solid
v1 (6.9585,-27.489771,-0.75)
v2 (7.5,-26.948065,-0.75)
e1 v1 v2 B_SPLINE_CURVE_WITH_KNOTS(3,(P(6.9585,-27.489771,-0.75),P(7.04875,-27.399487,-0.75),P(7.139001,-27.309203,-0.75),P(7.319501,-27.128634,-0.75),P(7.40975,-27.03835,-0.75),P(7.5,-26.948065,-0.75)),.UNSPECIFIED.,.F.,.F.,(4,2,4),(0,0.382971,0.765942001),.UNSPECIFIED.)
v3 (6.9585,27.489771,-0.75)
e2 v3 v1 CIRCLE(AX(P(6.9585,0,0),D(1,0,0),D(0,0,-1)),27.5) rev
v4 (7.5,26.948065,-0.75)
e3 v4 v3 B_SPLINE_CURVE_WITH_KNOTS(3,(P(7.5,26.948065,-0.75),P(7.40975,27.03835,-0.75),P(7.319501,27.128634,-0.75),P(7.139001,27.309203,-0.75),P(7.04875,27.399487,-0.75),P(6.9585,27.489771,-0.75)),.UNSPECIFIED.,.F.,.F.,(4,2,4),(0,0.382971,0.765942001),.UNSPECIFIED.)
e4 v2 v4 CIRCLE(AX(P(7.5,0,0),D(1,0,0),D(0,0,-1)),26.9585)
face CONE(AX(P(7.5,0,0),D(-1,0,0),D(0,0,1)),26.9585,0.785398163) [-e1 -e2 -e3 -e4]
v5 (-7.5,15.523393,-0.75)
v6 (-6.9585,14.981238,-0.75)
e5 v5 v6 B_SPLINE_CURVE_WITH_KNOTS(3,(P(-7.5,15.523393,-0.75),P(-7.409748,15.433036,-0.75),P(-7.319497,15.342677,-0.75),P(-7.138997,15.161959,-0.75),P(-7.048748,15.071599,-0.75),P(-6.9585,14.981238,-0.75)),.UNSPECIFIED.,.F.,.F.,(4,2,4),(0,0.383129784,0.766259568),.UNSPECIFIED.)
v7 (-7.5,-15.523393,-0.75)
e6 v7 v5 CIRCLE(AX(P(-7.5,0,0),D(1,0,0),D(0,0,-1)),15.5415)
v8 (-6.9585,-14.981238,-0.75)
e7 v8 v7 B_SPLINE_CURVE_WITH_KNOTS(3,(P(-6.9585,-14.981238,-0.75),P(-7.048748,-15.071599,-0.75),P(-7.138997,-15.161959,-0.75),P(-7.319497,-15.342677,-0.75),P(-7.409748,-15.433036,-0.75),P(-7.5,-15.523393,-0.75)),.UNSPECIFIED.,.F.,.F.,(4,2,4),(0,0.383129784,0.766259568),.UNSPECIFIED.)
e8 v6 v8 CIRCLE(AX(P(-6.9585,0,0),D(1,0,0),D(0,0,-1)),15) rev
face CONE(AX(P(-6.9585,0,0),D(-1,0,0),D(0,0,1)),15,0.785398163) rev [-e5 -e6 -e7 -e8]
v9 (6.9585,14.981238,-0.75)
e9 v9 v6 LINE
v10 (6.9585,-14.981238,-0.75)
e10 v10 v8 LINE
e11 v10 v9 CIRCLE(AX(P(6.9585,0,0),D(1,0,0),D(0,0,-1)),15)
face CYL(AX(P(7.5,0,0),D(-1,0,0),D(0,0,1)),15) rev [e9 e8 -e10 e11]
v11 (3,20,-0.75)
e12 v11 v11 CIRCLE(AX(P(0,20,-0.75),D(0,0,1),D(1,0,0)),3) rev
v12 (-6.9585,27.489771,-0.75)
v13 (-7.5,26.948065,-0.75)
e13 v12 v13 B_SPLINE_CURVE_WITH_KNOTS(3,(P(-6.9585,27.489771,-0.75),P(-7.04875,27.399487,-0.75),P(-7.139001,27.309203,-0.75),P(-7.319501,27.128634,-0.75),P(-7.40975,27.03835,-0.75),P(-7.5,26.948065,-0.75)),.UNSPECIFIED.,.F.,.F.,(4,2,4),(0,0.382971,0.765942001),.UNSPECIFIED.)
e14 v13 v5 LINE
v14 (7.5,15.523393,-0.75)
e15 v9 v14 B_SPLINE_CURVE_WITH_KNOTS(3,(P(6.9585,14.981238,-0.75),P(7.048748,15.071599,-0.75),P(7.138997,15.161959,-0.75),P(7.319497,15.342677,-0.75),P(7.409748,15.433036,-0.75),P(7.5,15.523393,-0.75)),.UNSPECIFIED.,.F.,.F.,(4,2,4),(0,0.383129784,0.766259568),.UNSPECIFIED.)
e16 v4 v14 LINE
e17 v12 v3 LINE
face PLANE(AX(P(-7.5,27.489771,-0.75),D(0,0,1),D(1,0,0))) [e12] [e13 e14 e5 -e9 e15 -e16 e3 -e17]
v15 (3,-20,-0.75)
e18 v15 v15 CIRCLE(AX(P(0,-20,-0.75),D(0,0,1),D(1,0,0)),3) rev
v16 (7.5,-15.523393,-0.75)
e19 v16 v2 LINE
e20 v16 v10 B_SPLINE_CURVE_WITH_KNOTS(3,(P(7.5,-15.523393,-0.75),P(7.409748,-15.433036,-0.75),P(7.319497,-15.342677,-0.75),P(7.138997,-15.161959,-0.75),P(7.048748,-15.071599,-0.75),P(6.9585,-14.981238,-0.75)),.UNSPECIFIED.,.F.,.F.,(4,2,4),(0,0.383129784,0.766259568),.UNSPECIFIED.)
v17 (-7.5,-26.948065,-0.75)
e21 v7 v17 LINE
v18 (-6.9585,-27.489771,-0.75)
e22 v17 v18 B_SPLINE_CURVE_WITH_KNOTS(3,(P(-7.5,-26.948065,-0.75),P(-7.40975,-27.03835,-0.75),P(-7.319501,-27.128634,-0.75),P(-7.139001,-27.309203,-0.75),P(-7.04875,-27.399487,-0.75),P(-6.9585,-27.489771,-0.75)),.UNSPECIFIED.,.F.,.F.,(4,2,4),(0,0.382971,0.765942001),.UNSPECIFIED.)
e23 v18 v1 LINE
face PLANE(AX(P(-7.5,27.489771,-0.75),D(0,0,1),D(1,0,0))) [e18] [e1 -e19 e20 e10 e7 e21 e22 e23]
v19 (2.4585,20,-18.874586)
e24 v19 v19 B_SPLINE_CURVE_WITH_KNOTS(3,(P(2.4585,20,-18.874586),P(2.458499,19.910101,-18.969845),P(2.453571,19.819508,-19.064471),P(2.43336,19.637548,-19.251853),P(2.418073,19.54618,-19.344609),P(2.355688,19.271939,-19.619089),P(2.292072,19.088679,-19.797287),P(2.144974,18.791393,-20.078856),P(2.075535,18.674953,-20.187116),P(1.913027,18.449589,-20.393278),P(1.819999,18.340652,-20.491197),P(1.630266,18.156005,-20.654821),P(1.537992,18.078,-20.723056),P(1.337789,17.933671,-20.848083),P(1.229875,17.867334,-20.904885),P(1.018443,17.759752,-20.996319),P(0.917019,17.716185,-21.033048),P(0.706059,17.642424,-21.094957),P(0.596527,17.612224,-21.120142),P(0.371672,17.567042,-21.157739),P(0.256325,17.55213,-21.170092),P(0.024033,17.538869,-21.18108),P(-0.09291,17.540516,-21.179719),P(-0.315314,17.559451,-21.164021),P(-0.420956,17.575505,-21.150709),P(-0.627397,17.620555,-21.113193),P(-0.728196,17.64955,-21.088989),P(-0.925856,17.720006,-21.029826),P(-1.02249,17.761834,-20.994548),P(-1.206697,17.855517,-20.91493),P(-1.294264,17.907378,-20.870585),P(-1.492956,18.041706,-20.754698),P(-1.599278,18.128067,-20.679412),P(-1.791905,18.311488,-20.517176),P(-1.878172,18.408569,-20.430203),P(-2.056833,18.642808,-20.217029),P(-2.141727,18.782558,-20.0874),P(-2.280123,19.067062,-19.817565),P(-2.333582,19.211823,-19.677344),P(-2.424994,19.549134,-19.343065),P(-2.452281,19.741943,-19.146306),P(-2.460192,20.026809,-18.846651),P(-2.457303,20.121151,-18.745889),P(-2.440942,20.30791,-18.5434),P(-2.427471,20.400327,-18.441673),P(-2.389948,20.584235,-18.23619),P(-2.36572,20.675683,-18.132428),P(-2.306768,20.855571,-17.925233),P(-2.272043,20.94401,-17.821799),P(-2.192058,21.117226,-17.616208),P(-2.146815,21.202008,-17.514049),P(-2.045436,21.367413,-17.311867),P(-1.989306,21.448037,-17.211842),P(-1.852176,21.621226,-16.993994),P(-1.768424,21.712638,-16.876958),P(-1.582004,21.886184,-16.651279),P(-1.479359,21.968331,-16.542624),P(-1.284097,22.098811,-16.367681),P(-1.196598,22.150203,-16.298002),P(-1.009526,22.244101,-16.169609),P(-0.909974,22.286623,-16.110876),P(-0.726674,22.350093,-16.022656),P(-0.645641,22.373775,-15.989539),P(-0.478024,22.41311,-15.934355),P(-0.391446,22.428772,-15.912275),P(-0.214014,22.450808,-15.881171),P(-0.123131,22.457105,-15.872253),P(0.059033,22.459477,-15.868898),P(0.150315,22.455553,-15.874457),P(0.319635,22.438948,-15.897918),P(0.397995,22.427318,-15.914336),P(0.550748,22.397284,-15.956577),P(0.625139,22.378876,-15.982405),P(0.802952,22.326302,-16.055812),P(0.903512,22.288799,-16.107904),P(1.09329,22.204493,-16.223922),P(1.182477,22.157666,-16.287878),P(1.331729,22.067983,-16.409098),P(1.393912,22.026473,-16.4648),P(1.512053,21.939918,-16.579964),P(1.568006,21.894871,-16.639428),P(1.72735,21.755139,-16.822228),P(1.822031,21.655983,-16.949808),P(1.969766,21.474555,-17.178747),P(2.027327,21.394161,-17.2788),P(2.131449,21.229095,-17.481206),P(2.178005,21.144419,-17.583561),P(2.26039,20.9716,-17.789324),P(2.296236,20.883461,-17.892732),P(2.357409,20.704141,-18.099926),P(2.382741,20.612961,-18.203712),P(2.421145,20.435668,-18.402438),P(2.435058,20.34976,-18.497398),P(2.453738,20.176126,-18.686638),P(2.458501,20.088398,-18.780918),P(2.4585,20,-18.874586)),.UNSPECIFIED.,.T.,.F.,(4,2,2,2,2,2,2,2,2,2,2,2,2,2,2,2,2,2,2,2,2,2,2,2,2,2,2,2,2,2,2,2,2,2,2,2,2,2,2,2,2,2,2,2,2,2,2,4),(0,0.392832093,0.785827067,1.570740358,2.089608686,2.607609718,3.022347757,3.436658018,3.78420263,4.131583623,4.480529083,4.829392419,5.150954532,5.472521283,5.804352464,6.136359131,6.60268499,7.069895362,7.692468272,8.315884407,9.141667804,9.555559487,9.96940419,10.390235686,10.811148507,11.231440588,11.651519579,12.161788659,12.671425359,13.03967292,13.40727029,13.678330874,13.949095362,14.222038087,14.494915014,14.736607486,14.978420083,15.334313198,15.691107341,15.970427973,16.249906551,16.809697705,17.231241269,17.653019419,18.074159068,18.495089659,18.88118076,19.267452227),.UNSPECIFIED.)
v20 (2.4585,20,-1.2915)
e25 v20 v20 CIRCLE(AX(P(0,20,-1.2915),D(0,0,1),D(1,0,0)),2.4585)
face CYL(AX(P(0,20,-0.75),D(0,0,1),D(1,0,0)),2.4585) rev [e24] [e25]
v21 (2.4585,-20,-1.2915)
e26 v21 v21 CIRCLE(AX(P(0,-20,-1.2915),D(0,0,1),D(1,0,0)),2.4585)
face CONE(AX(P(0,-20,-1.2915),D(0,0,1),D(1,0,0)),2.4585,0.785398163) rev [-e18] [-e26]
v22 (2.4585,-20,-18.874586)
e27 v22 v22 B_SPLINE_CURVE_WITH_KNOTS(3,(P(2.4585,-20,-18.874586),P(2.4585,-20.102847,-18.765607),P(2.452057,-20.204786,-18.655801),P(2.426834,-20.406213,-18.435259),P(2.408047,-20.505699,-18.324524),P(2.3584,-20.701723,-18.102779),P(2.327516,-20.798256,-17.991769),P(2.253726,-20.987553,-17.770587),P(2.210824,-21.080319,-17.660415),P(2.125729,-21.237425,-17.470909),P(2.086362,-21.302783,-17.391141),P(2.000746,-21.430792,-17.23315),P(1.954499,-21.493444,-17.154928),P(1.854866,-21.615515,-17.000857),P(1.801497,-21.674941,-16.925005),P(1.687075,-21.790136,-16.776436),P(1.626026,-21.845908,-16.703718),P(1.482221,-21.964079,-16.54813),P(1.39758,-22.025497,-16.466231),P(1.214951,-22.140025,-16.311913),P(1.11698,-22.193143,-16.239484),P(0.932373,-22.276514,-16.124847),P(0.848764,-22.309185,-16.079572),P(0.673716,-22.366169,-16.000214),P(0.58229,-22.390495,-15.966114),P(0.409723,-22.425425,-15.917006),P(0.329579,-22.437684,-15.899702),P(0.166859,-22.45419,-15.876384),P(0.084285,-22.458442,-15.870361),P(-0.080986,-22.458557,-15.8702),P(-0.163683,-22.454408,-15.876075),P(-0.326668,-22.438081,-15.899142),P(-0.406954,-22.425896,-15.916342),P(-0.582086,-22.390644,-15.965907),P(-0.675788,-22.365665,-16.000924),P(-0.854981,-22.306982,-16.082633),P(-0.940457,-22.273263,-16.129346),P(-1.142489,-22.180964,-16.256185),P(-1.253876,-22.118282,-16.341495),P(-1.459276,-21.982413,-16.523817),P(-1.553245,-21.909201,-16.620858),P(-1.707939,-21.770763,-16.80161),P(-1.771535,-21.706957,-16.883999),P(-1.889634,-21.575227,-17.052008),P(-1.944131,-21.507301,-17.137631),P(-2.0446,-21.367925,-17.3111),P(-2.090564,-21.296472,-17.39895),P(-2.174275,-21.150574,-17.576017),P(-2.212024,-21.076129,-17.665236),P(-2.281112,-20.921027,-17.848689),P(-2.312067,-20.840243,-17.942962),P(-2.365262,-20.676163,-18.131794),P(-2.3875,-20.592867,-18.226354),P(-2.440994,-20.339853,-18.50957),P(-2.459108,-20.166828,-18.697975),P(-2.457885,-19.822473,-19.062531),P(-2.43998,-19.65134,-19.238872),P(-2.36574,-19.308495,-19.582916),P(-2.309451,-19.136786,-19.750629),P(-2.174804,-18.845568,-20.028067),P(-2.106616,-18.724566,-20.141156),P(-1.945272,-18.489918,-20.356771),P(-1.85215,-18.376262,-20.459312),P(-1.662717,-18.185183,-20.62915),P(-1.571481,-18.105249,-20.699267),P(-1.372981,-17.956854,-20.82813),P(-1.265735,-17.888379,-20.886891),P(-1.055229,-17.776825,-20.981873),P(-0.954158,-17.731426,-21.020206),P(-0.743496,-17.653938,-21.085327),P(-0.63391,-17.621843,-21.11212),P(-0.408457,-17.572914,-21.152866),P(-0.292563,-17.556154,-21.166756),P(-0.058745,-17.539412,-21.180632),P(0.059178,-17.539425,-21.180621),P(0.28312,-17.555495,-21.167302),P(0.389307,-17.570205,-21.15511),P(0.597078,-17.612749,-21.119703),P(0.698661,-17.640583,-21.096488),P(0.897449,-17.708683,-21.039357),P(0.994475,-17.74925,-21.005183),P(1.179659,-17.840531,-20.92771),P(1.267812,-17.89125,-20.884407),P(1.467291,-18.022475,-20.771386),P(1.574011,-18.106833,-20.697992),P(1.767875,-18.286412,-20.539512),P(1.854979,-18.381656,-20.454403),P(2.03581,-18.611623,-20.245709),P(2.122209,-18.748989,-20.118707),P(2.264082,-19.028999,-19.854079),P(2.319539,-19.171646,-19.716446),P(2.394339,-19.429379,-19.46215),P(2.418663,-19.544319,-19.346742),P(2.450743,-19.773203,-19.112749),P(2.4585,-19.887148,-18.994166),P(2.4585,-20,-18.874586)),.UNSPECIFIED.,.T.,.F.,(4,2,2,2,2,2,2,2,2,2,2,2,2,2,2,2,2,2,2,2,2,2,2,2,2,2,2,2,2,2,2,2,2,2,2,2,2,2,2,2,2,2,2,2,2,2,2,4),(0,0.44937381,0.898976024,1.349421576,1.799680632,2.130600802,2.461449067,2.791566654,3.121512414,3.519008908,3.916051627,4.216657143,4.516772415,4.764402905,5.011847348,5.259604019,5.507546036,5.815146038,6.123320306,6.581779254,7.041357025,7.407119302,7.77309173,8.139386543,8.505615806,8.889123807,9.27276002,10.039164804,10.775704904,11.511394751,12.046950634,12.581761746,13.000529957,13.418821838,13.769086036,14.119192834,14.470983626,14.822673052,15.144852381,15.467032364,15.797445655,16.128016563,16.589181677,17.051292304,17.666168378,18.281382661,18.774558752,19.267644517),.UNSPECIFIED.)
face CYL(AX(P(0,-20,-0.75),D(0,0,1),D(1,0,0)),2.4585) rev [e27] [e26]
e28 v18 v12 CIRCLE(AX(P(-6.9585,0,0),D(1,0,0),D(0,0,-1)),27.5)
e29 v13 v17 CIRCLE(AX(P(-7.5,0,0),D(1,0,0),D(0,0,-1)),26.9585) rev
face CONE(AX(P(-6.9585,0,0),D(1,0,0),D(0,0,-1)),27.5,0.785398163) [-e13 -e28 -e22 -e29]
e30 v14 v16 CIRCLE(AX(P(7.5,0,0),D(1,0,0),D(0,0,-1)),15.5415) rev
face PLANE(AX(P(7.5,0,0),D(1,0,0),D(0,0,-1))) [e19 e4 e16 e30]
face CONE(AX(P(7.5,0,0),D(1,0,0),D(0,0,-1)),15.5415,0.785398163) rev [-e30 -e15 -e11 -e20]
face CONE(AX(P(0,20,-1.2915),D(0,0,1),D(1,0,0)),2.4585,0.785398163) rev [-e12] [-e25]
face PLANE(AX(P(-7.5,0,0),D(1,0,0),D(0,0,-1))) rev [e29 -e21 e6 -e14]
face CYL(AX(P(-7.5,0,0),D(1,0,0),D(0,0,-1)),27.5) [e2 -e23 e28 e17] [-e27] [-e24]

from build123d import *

# Parameters (mm, degrees)
BOSS_EXTRUDE1_DEPTH = 15
CUT_EXTRUDE1_DEPTH  = 42.676582154
HOLE1_D             = 4.917
HOLE1_DEPTH         = 26.75
CHAMFER1_SIZE       = 0.5415


with BuildPart() as part:
    # Sketch1 → Boss-Extrude1 (new body)
    with BuildSketch(Plane(origin=(7.5, 0, 0), x_dir=(0, 0, -1), z_dir=(1, 0, 0))):
        with BuildLine():
            Line((0.75, 27.489770825), (0.75, -27.489770825))
            ThreePointArc((0.75, -27.489770825), (27.5, 0), (0.75, 27.489770825))
        make_face()
    extrude(amount=-BOSS_EXTRUDE1_DEPTH)

    # Sketch2 → Cut-Extrude1 (cut, through all)
    with BuildSketch(Plane.ZY.offset(7.5)):
        with BuildLine():
            Line((-0.75, -14.981238267), (-0.75, 14.981238267))
            ThreePointArc((-0.75, 14.981238267), (-15, 0), (-0.75, -14.981238267))
        make_face()
    extrude(amount=-CUT_EXTRUDE1_DEPTH, mode=Mode.SUBTRACT)

    # Hole1
    with Locations(Plane.XY.offset(-0.75)):
        with Locations((0, -20), (0, 20)):
            Hole(HOLE1_D / 2, depth=HOLE1_DEPTH)

    # Chamfer1
    chamfer1_edges = [part.edges().sort_by_distance(p)[0] for p in [
        (7.5, 0, -15),
        (-7.5, 0, -15),
        (2.4585, 20, -0.75),
        (2.4585, -20, -0.75),
        (7.5, 0, -27.5),
        (-7.5, 0, -27.5),
    ]]
    chamfer(chamfer1_edges, length=CHAMFER1_SIZE)


solid = part.part
